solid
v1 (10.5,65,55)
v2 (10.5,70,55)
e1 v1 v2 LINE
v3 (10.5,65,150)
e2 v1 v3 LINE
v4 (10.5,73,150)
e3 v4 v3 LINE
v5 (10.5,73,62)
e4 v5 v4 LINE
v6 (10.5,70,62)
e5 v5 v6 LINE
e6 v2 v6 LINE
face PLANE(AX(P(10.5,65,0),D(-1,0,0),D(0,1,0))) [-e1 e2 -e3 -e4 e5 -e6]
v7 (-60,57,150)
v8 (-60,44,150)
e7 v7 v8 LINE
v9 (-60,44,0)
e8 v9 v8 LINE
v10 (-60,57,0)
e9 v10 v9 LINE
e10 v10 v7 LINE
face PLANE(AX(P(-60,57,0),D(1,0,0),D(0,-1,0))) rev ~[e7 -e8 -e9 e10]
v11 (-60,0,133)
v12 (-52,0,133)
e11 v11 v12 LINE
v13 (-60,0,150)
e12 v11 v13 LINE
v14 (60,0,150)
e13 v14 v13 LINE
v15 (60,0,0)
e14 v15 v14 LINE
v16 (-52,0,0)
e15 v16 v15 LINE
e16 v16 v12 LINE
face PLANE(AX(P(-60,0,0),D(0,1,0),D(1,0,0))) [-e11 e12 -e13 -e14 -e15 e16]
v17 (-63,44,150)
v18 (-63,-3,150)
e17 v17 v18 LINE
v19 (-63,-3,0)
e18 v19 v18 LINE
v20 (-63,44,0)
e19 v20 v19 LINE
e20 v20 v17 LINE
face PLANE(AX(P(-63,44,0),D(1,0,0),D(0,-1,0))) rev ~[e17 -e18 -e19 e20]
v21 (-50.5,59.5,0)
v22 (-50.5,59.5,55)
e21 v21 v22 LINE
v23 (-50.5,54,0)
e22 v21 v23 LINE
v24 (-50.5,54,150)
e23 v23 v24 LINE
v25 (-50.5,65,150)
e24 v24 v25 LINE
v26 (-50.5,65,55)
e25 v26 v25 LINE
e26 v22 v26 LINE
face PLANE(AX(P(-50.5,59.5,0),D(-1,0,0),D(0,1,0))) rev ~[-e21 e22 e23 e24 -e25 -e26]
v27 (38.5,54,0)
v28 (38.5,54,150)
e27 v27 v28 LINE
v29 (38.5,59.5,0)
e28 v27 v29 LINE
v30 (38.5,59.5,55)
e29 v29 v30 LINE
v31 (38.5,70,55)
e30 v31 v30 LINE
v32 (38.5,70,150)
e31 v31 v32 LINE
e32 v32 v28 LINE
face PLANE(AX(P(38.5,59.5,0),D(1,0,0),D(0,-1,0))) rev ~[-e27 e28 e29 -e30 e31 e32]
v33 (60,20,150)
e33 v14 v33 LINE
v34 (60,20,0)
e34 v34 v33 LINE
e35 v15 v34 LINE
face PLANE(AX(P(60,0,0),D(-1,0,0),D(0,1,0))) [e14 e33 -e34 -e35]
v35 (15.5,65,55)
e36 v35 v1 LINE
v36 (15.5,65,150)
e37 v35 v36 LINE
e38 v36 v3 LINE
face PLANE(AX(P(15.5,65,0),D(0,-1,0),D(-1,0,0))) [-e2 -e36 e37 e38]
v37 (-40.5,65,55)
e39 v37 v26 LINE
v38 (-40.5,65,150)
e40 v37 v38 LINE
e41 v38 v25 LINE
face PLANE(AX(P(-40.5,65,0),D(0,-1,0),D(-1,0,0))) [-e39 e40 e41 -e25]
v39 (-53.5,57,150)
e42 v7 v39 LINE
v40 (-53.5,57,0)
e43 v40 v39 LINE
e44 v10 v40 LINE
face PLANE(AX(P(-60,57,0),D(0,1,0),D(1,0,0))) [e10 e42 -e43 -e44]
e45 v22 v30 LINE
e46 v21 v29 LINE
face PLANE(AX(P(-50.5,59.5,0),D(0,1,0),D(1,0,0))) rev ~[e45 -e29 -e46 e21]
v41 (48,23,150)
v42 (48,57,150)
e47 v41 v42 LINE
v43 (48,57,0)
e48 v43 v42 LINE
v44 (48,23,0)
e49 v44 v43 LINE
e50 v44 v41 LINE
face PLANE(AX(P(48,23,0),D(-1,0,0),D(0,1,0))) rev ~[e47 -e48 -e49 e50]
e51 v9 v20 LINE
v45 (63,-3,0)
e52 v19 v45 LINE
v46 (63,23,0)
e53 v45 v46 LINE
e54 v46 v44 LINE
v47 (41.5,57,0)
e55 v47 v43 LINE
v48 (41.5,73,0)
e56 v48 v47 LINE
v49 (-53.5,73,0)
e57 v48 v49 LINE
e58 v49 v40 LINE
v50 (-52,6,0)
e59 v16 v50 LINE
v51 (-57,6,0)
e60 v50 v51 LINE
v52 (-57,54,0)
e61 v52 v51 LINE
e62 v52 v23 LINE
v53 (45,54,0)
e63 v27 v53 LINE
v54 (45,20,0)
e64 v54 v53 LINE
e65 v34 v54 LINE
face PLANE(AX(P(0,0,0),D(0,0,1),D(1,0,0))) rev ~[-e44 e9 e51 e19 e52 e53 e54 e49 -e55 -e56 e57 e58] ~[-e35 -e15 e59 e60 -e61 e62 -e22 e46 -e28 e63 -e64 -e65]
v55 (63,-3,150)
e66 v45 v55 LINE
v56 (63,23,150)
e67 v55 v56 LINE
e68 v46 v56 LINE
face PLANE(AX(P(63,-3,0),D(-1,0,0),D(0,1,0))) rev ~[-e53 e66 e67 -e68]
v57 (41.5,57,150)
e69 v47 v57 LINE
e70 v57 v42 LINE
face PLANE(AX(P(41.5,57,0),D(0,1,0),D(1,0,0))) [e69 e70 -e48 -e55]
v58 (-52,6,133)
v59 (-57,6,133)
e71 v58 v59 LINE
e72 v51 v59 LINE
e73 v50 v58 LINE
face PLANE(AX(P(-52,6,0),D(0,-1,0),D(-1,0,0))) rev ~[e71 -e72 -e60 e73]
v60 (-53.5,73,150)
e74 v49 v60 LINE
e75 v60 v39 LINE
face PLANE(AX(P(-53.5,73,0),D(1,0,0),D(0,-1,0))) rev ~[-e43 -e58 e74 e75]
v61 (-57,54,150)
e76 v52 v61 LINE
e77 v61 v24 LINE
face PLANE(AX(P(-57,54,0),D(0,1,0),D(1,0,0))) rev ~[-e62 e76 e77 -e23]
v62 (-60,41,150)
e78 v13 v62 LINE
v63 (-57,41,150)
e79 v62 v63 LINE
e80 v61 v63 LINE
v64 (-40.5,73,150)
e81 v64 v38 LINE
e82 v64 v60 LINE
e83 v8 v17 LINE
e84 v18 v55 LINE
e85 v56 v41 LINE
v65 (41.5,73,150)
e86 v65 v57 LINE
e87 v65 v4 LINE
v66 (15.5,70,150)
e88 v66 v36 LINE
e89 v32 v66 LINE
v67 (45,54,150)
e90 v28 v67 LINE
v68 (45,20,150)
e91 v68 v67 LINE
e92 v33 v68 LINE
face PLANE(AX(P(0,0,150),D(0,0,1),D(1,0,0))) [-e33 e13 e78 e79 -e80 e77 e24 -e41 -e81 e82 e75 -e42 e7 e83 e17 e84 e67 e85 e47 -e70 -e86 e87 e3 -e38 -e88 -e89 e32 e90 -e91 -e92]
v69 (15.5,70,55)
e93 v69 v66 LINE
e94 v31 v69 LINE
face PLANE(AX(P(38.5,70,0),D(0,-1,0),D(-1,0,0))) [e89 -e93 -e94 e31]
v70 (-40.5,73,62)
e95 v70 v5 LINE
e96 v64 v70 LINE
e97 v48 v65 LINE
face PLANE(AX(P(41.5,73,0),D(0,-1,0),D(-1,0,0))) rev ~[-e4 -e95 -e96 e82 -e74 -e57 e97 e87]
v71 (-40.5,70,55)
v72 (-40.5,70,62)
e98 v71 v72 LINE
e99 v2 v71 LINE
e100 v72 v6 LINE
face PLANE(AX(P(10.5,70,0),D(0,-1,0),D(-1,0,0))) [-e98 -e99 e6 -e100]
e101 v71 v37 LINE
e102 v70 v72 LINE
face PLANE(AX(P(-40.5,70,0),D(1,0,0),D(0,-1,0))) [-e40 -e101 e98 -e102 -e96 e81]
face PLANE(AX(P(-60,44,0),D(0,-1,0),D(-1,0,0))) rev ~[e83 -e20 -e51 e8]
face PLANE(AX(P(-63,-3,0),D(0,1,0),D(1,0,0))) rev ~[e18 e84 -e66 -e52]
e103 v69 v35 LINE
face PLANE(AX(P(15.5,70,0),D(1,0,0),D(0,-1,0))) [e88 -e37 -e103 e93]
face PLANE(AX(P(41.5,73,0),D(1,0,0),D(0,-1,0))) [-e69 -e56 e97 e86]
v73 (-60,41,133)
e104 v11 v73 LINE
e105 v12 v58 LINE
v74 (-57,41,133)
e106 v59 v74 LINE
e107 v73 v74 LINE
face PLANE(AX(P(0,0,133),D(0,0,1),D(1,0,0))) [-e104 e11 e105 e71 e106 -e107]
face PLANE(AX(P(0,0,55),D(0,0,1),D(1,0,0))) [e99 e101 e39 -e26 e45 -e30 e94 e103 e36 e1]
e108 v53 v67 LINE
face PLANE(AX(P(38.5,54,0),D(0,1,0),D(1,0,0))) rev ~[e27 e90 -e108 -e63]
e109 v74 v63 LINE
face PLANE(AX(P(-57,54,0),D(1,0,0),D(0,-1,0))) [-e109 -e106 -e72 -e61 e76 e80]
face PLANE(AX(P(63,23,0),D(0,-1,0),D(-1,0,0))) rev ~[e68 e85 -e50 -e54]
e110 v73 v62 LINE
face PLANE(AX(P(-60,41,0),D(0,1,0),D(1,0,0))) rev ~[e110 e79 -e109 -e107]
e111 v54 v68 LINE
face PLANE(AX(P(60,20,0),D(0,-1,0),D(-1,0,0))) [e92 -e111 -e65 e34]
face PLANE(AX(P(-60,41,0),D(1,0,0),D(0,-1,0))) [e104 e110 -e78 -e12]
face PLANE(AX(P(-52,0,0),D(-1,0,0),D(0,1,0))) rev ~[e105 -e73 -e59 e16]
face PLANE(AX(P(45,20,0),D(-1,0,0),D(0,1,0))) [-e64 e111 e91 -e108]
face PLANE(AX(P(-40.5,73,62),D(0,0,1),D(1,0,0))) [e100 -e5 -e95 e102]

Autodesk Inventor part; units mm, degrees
ref_plane "YZ Plane" through (0, 0, 0) normal (1, 0, 0) x (0, 1, 0)
ref_plane "XZ Plane" through (0, 0, 0) normal (0, 1, 0) x (-1, 0, 0)
ref_plane "XY Plane" through (0, 0, 0) normal (0, 0, 1) x (1, 0, 0)
sketch "Skizze1" plane through (0, 0, 0) normal (0, 0, 1) x (1, 0, 0)
  line L0 (-60, 0) -> (60, 0)
  line L1 (60, 0) -> (60, 20)
  line L2 (60, 20) -> (45, 20)
  line L3 (45, 20) -> (45, 54)
  line L4 (38.5, 70) -> (-50.5, 70)
  line L5 (-60, 41) -> (-60, 0)
  line L6 (-60, 57) -> (-60, 44)
  line L7 (-60, 44) -> (-63, 44)
  line L8 (-63, 44) -> (-63, -3)
  line L9 (-63, -3) -> (63, -3)
  line L10 (63, -3) -> (63, 23)
  line L11 (63, 23) -> (48, 23)
  line L12 (48, 23) -> (48, 57)
  line L13 (41.5, 73) -> (-53.5, 73)
  line L14 (-60, 41) -> (-57, 41)
  line L15 (-57, 54) -> (-50.5, 54)
  line L16 (-50.5, 54) -> (-50.5, 70)
  line L17 (-60, 57) -> (-53.5, 57)
  line L18 (-53.5, 73) -> (-53.5, 57)
  line L19 (-57, 54) -> (-57, 41)
  line L20 (-50.5, 70) -> (-40.5, 70)
  line L21 (-40.5, 70) -> (-40.5, 65)
  line L22 (-40.5, 65) -> (-50.5, 65)
  line L23 (-50.5, 65) -> (-50.5, 70)
  line L24 (10.5, 70) -> (15.5, 70)
  line L25 (15.5, 70) -> (15.5, 65)
  line L26 (15.5, 65) -> (10.5, 65)
  line L27 (10.5, 65) -> (10.5, 70)
  line L28 (41.5, 73) -> (41.5, 57)
  line L29 (41.5, 57) -> (48, 57)
  line L30 (38.5, 70) -> (38.5, 54)
  line L31 (38.5, 54) -> (45, 54)
  line L32 (-60, 0) -> (-52, 0)
  line L33 (-52, 0) -> (-52, 6)
  line L34 (-52, 6) -> (-60, 6)
  line L35 (-60, 6) -> (-60, 0)
  line L36 (24.5, 6) -> (31.5, 6)
  line L37 (31.5, 6) -> (31.5, 0)
  line L38 (31.5, 0) -> (24.5, 0)
  line L39 (24.5, 0) -> (24.5, 6)
  line L40 (-57, 41) -> (-60, 41)
  line L41 (-60, 41) -> (-60, 6)
  line L42 (-60, 6) -> (-57, 6)
  line L43 (-57, 6) -> (-57, 41)
  line L44 (-50.5, 59.5) -> (38.5, 59.5)
  line L45 (-50.5, 59.5) -> (-50.5, 65)
  line L46 (-50.5, 65) -> (-40.5, 65)
  line L47 (-40.5, 65) -> (-40.5, 70)
  line L48 (-40.5, 70) -> (10.5, 70)
  line L49 (10.5, 70) -> (10.5, 65)
  line L50 (10.5, 65) -> (15.5, 65)
  line L51 (15.5, 65) -> (15.5, 70)
  line L52 (15.5, 70) -> (38.5, 70)
  line L53 (38.5, 70) -> (38.5, 59.5)
  point P0 (0, 0)
  point P1 (41.5, 70)
  point P2 (0, 0)
  dimension "d0" = 120
  dimension "d9" = 15
  dimension "d13" = 70
  dimension "d17" = 3
  dimension "d18" = 3
  dimension "d19" = 3
  dimension "d20" = 3
  dimension "d30" = 3
  dimension "d31" = 20
  dimension "d32" = 41
  dimension "d37" = 3
  dimension "d38" = 54
  dimension "d39" = 3
  dimension "d41" = 3
  dimension "d43" = 3
  dimension "d47" = 10
  dimension "d48" = 5
  dimension "d49" = 51
  dimension "d50" = 3
  dimension "d51" = 3
  dimension "d52" = 89
  dimension "d53" = 8
  dimension "d54" = 6
  dimension "d55" = 8
  dimension "d58" = 3
  dimension "d59" = 3
  dimension "d60" = 7
  dimension "d61" = 76.5
  dimension "d68" = 5.5
extrude "Extrusion1" add sketch "Skizze1" along normal blind 150 contours L16 L4 L21 L22 | L25 L26 L27 L4 | L17 L18 L13 L28 L29 L12 L11 L10 L9 L8 L7 L6
extrude "Extrusion3" add sketch "Skizze1" along normal blind 133 contours L5 L34 L33 L0 | L5 L14 L43 L34
sketch "Skizze3" plane through (-53.5, 73, 0) normal (0, 1, 0) x (1, 0, 0)
  line L0 (13, -62) -> (64, -62)
  line L1 (64, -62) -> (64, -150)
  line L2 (64, -150) -> (13, -150)
  line L3 (13, -150) -> (13, -62)
  line L4 (0, 0) -> (0, -150) projected
  line L5 (95, -150) -> (0, -150) projected
  point P0 (60, 0)
  dimension "d25" = 51
  dimension "d26" = 88
  dimension "d45" = 13
extrude "Extrusion2" cut sketch "Skizze3" against normal up to surface (3 mm away)
extrude "Extrusion5" add sketch "Skizze1" along normal blind 55 contours L16 L22 L21 L4 L27 L26 L25 L30 L44
equation "\"d18\" = d20"
equation "\"d19\" = d20"
equation "\"d30\" = d20"
equation "\"d37\" = d20"
equation "\"d39\" = d20"
equation "\"d41\" = d20"
equation "\"d43\" = d20"
equation "\"d50\" = d20"
equation "\"d51\" = d20"
equation "\"d58\" = d20"
properties part number "Gehäuse"
